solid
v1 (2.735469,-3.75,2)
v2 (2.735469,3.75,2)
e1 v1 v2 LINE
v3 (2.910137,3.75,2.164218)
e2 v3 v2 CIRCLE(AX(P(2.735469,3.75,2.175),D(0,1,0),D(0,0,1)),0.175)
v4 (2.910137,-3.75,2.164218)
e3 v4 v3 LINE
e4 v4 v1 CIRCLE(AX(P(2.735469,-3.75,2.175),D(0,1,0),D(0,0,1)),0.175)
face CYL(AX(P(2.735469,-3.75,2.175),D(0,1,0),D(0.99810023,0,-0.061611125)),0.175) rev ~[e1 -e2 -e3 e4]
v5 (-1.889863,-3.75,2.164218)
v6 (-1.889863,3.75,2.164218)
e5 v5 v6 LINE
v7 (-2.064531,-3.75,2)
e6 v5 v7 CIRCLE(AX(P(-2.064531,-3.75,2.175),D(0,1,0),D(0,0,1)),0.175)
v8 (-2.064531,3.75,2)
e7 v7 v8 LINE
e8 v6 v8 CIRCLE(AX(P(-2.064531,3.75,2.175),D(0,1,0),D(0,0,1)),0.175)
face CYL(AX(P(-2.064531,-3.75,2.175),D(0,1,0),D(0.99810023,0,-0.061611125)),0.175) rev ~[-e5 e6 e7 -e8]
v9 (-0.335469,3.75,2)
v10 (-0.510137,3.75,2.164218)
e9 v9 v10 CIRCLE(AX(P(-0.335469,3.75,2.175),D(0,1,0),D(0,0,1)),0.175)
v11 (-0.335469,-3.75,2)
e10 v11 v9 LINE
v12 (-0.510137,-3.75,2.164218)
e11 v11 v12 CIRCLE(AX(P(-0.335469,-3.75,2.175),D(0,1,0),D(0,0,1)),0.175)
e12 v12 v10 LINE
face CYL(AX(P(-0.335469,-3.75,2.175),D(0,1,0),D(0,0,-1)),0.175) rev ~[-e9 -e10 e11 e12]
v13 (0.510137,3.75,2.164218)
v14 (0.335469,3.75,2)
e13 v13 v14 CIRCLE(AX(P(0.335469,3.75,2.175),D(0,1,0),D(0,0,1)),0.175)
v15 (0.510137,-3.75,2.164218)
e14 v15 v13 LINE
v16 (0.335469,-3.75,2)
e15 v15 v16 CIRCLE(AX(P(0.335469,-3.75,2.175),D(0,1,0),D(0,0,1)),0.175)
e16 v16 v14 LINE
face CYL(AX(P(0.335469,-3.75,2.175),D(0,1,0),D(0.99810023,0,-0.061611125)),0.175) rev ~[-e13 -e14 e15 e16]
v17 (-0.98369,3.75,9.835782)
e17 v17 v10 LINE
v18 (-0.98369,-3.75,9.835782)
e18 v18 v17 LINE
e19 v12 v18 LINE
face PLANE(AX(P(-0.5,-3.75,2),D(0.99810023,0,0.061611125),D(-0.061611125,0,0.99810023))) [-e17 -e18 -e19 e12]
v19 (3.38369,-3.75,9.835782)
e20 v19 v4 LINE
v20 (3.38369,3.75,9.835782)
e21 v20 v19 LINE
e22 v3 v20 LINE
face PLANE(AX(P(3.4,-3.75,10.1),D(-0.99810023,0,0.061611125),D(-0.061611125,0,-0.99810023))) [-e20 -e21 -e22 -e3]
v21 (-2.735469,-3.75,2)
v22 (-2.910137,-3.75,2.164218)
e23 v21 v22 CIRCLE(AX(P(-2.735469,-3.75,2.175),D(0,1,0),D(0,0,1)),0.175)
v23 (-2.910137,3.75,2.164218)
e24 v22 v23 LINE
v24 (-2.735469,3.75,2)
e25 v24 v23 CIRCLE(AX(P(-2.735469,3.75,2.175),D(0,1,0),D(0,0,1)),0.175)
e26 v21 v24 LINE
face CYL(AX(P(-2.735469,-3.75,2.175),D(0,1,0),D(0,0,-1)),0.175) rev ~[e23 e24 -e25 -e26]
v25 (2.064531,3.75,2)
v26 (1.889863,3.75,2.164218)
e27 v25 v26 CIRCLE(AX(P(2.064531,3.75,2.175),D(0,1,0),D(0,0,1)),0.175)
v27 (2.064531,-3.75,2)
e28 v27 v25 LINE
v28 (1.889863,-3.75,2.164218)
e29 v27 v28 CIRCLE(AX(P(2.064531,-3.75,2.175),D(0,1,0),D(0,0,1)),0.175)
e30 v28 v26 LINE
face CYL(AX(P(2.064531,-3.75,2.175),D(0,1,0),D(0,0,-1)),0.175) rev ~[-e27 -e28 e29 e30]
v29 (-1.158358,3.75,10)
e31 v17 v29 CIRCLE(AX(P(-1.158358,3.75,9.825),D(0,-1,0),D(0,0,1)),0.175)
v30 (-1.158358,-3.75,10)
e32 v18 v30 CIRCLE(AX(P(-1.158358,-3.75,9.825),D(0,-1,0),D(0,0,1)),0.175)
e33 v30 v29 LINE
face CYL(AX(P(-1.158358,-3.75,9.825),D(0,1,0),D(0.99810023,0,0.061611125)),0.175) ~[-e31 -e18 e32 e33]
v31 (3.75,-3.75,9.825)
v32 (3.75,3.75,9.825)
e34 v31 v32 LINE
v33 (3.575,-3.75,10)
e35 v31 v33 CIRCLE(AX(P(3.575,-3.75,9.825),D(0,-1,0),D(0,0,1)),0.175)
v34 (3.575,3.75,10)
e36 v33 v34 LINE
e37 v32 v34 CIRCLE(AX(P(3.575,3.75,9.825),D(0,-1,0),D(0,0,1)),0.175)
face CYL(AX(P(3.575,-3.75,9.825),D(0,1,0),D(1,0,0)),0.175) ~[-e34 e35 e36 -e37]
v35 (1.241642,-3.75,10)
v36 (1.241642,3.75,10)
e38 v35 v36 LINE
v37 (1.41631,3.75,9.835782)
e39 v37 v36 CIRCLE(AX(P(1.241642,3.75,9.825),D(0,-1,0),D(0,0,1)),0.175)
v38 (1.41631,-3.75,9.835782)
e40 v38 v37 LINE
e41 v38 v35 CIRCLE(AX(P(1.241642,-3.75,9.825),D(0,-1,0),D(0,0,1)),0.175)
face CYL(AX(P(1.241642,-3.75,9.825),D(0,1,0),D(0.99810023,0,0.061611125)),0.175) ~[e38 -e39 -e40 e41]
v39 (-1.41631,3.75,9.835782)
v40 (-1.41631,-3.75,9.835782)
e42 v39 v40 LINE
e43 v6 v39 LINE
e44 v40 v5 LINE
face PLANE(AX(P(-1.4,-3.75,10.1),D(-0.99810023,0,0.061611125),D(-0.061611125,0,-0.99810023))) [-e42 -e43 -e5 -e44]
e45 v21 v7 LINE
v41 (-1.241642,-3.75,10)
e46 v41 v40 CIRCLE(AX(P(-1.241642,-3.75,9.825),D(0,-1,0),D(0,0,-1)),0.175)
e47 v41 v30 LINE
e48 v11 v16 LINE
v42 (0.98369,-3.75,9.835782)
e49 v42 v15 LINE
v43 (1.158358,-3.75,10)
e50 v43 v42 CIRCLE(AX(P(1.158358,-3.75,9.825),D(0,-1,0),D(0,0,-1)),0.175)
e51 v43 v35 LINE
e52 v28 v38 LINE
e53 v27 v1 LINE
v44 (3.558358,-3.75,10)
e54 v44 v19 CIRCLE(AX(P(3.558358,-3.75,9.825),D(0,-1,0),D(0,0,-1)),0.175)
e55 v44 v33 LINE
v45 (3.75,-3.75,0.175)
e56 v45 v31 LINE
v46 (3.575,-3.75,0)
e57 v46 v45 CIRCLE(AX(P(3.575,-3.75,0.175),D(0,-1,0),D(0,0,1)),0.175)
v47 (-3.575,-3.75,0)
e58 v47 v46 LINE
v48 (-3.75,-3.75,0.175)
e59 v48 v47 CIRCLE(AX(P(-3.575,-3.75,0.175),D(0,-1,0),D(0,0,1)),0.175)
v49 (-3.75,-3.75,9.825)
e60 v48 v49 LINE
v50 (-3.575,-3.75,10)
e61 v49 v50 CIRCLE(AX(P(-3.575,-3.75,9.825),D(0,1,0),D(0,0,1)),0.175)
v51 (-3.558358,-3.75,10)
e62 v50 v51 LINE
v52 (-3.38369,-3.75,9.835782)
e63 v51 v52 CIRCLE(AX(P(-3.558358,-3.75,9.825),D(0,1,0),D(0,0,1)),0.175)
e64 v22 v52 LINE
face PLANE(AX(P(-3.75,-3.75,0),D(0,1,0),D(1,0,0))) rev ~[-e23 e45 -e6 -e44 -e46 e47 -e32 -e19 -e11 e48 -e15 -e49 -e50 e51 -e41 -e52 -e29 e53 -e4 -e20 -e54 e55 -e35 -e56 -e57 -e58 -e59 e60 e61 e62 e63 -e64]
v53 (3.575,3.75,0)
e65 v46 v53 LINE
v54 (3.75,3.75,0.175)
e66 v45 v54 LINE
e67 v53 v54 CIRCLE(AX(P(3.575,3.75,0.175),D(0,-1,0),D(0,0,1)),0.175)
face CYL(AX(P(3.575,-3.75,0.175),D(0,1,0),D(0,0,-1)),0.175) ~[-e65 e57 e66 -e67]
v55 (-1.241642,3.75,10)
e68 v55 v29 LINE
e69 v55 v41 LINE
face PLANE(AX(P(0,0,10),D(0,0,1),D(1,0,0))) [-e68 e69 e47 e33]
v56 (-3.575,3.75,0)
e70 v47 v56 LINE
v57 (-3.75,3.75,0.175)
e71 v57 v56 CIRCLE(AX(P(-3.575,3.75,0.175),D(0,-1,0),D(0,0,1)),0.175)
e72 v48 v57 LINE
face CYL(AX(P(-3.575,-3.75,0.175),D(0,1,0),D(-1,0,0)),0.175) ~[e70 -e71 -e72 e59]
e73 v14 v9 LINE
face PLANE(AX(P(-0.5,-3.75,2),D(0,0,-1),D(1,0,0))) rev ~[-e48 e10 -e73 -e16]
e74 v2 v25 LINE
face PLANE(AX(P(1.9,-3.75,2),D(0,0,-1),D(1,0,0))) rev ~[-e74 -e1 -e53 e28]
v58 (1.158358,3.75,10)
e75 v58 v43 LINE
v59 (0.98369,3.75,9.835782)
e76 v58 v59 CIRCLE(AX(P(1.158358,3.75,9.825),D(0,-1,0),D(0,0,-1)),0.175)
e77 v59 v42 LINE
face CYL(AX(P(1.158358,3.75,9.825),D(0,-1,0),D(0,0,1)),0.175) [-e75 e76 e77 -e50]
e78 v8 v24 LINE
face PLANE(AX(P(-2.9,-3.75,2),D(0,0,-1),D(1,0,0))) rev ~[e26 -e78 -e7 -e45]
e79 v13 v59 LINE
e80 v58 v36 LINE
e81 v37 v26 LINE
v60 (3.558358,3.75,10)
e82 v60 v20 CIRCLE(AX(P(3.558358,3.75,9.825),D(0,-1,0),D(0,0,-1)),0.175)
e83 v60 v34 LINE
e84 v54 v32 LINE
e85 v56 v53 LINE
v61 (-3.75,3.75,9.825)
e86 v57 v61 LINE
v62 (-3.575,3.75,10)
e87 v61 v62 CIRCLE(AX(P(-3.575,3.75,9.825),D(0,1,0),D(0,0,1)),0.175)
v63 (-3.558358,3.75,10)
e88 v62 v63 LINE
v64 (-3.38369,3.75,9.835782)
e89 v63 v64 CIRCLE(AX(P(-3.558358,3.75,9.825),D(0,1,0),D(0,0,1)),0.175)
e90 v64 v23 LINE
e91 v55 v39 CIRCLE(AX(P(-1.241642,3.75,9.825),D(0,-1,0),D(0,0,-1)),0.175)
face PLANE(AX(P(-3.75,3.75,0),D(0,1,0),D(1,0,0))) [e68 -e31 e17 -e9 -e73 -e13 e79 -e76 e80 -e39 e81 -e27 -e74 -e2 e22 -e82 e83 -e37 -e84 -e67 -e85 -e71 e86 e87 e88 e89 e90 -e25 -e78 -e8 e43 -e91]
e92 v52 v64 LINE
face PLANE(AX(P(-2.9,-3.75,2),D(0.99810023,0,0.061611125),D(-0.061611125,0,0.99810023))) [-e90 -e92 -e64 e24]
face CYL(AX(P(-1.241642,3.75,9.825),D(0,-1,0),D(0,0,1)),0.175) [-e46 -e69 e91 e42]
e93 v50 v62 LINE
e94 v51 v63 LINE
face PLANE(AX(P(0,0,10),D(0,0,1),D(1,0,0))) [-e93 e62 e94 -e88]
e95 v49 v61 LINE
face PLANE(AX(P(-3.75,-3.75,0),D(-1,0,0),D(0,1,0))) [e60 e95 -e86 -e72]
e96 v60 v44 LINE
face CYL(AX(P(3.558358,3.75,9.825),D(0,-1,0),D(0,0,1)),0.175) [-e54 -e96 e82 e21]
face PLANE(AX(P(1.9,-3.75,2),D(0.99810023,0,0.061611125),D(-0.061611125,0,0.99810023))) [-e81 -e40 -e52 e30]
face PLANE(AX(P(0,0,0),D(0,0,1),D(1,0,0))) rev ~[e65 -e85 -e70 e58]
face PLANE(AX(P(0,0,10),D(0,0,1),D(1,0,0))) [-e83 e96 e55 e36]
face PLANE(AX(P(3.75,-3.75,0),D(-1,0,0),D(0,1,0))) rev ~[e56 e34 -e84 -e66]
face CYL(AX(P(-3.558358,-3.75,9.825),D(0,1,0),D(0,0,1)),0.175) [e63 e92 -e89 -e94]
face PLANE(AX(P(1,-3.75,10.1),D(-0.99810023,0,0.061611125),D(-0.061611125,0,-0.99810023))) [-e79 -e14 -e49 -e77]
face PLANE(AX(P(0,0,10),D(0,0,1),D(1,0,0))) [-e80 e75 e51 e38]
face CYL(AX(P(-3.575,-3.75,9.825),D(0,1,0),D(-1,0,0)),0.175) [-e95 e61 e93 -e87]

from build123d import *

# Parameters (mm, degrees)
SKETCH_W               = 7.5
SKETCH_H               = 7.5
PAD_DEPTH              = 10
POCKET_DEPTH           = 7.501
LINEARPATTERN_COUNT    = 2
LINEARPATTERN_PITCH    = 2.4
LINEARPATTERN001_COUNT = 2
LINEARPATTERN001_PITCH = 2.4
FILLET_R               = 0.175


with BuildPart() as part:
    # Sketch → Pad (new body)
    with BuildSketch(Plane.XY):
        Rectangle(SKETCH_W, SKETCH_H)
    extrude(amount=PAD_DEPTH)

    # Sketch001 (on Face2 of Pad) → Pocket (cut, through all)
    with BuildSketch(Plane.XZ.offset(3.75)):
        Polygon((-1, 10.1), (0, 10.1), (1, 10.1), (0.5, 2), (0, 2), (-0.5, 2), align=None)
    pocket = extrude(amount=-POCKET_DEPTH, mode=Mode.SUBTRACT)

    # LinearPattern: Pocket ×2
    with Locations(*[(i * LINEARPATTERN_PITCH, 0, 0) for i in range(1, LINEARPATTERN_COUNT)]):
        add(pocket, mode=Mode.SUBTRACT)

    # LinearPattern001: Pocket ×2
    with Locations(*[(-i * LINEARPATTERN001_PITCH, 0, 0) for i in range(1, LINEARPATTERN001_COUNT)]):
        add(pocket, mode=Mode.SUBTRACT)

    # Fillet
    fillet_edges = [part.edges().sort_by_distance(p)[0] for p in [
        (-3.75, 0, 10),
        (-3.393827, 0, 10),
        (-1.406173, 0, 10),
        (-0.993827, 0, 10),
        (0.993827, 0, 10),
        (1.406173, 0, 10),
        (3.393827, 0, 10),
        (3.75, 0, 10),
        (-2.9, 0, 2),
        (-0.5, 0, 2),
        (1.9, 0, 2),
        (3.75, 0, 0),
        (-3.75, 0, 0),
        (-1.9, 0, 2),
        (0.5, 0, 2),
        (2.9, 0, 2),
    ]]
    fillet(fillet_edges, radius=FILLET_R)


solid = part.part
